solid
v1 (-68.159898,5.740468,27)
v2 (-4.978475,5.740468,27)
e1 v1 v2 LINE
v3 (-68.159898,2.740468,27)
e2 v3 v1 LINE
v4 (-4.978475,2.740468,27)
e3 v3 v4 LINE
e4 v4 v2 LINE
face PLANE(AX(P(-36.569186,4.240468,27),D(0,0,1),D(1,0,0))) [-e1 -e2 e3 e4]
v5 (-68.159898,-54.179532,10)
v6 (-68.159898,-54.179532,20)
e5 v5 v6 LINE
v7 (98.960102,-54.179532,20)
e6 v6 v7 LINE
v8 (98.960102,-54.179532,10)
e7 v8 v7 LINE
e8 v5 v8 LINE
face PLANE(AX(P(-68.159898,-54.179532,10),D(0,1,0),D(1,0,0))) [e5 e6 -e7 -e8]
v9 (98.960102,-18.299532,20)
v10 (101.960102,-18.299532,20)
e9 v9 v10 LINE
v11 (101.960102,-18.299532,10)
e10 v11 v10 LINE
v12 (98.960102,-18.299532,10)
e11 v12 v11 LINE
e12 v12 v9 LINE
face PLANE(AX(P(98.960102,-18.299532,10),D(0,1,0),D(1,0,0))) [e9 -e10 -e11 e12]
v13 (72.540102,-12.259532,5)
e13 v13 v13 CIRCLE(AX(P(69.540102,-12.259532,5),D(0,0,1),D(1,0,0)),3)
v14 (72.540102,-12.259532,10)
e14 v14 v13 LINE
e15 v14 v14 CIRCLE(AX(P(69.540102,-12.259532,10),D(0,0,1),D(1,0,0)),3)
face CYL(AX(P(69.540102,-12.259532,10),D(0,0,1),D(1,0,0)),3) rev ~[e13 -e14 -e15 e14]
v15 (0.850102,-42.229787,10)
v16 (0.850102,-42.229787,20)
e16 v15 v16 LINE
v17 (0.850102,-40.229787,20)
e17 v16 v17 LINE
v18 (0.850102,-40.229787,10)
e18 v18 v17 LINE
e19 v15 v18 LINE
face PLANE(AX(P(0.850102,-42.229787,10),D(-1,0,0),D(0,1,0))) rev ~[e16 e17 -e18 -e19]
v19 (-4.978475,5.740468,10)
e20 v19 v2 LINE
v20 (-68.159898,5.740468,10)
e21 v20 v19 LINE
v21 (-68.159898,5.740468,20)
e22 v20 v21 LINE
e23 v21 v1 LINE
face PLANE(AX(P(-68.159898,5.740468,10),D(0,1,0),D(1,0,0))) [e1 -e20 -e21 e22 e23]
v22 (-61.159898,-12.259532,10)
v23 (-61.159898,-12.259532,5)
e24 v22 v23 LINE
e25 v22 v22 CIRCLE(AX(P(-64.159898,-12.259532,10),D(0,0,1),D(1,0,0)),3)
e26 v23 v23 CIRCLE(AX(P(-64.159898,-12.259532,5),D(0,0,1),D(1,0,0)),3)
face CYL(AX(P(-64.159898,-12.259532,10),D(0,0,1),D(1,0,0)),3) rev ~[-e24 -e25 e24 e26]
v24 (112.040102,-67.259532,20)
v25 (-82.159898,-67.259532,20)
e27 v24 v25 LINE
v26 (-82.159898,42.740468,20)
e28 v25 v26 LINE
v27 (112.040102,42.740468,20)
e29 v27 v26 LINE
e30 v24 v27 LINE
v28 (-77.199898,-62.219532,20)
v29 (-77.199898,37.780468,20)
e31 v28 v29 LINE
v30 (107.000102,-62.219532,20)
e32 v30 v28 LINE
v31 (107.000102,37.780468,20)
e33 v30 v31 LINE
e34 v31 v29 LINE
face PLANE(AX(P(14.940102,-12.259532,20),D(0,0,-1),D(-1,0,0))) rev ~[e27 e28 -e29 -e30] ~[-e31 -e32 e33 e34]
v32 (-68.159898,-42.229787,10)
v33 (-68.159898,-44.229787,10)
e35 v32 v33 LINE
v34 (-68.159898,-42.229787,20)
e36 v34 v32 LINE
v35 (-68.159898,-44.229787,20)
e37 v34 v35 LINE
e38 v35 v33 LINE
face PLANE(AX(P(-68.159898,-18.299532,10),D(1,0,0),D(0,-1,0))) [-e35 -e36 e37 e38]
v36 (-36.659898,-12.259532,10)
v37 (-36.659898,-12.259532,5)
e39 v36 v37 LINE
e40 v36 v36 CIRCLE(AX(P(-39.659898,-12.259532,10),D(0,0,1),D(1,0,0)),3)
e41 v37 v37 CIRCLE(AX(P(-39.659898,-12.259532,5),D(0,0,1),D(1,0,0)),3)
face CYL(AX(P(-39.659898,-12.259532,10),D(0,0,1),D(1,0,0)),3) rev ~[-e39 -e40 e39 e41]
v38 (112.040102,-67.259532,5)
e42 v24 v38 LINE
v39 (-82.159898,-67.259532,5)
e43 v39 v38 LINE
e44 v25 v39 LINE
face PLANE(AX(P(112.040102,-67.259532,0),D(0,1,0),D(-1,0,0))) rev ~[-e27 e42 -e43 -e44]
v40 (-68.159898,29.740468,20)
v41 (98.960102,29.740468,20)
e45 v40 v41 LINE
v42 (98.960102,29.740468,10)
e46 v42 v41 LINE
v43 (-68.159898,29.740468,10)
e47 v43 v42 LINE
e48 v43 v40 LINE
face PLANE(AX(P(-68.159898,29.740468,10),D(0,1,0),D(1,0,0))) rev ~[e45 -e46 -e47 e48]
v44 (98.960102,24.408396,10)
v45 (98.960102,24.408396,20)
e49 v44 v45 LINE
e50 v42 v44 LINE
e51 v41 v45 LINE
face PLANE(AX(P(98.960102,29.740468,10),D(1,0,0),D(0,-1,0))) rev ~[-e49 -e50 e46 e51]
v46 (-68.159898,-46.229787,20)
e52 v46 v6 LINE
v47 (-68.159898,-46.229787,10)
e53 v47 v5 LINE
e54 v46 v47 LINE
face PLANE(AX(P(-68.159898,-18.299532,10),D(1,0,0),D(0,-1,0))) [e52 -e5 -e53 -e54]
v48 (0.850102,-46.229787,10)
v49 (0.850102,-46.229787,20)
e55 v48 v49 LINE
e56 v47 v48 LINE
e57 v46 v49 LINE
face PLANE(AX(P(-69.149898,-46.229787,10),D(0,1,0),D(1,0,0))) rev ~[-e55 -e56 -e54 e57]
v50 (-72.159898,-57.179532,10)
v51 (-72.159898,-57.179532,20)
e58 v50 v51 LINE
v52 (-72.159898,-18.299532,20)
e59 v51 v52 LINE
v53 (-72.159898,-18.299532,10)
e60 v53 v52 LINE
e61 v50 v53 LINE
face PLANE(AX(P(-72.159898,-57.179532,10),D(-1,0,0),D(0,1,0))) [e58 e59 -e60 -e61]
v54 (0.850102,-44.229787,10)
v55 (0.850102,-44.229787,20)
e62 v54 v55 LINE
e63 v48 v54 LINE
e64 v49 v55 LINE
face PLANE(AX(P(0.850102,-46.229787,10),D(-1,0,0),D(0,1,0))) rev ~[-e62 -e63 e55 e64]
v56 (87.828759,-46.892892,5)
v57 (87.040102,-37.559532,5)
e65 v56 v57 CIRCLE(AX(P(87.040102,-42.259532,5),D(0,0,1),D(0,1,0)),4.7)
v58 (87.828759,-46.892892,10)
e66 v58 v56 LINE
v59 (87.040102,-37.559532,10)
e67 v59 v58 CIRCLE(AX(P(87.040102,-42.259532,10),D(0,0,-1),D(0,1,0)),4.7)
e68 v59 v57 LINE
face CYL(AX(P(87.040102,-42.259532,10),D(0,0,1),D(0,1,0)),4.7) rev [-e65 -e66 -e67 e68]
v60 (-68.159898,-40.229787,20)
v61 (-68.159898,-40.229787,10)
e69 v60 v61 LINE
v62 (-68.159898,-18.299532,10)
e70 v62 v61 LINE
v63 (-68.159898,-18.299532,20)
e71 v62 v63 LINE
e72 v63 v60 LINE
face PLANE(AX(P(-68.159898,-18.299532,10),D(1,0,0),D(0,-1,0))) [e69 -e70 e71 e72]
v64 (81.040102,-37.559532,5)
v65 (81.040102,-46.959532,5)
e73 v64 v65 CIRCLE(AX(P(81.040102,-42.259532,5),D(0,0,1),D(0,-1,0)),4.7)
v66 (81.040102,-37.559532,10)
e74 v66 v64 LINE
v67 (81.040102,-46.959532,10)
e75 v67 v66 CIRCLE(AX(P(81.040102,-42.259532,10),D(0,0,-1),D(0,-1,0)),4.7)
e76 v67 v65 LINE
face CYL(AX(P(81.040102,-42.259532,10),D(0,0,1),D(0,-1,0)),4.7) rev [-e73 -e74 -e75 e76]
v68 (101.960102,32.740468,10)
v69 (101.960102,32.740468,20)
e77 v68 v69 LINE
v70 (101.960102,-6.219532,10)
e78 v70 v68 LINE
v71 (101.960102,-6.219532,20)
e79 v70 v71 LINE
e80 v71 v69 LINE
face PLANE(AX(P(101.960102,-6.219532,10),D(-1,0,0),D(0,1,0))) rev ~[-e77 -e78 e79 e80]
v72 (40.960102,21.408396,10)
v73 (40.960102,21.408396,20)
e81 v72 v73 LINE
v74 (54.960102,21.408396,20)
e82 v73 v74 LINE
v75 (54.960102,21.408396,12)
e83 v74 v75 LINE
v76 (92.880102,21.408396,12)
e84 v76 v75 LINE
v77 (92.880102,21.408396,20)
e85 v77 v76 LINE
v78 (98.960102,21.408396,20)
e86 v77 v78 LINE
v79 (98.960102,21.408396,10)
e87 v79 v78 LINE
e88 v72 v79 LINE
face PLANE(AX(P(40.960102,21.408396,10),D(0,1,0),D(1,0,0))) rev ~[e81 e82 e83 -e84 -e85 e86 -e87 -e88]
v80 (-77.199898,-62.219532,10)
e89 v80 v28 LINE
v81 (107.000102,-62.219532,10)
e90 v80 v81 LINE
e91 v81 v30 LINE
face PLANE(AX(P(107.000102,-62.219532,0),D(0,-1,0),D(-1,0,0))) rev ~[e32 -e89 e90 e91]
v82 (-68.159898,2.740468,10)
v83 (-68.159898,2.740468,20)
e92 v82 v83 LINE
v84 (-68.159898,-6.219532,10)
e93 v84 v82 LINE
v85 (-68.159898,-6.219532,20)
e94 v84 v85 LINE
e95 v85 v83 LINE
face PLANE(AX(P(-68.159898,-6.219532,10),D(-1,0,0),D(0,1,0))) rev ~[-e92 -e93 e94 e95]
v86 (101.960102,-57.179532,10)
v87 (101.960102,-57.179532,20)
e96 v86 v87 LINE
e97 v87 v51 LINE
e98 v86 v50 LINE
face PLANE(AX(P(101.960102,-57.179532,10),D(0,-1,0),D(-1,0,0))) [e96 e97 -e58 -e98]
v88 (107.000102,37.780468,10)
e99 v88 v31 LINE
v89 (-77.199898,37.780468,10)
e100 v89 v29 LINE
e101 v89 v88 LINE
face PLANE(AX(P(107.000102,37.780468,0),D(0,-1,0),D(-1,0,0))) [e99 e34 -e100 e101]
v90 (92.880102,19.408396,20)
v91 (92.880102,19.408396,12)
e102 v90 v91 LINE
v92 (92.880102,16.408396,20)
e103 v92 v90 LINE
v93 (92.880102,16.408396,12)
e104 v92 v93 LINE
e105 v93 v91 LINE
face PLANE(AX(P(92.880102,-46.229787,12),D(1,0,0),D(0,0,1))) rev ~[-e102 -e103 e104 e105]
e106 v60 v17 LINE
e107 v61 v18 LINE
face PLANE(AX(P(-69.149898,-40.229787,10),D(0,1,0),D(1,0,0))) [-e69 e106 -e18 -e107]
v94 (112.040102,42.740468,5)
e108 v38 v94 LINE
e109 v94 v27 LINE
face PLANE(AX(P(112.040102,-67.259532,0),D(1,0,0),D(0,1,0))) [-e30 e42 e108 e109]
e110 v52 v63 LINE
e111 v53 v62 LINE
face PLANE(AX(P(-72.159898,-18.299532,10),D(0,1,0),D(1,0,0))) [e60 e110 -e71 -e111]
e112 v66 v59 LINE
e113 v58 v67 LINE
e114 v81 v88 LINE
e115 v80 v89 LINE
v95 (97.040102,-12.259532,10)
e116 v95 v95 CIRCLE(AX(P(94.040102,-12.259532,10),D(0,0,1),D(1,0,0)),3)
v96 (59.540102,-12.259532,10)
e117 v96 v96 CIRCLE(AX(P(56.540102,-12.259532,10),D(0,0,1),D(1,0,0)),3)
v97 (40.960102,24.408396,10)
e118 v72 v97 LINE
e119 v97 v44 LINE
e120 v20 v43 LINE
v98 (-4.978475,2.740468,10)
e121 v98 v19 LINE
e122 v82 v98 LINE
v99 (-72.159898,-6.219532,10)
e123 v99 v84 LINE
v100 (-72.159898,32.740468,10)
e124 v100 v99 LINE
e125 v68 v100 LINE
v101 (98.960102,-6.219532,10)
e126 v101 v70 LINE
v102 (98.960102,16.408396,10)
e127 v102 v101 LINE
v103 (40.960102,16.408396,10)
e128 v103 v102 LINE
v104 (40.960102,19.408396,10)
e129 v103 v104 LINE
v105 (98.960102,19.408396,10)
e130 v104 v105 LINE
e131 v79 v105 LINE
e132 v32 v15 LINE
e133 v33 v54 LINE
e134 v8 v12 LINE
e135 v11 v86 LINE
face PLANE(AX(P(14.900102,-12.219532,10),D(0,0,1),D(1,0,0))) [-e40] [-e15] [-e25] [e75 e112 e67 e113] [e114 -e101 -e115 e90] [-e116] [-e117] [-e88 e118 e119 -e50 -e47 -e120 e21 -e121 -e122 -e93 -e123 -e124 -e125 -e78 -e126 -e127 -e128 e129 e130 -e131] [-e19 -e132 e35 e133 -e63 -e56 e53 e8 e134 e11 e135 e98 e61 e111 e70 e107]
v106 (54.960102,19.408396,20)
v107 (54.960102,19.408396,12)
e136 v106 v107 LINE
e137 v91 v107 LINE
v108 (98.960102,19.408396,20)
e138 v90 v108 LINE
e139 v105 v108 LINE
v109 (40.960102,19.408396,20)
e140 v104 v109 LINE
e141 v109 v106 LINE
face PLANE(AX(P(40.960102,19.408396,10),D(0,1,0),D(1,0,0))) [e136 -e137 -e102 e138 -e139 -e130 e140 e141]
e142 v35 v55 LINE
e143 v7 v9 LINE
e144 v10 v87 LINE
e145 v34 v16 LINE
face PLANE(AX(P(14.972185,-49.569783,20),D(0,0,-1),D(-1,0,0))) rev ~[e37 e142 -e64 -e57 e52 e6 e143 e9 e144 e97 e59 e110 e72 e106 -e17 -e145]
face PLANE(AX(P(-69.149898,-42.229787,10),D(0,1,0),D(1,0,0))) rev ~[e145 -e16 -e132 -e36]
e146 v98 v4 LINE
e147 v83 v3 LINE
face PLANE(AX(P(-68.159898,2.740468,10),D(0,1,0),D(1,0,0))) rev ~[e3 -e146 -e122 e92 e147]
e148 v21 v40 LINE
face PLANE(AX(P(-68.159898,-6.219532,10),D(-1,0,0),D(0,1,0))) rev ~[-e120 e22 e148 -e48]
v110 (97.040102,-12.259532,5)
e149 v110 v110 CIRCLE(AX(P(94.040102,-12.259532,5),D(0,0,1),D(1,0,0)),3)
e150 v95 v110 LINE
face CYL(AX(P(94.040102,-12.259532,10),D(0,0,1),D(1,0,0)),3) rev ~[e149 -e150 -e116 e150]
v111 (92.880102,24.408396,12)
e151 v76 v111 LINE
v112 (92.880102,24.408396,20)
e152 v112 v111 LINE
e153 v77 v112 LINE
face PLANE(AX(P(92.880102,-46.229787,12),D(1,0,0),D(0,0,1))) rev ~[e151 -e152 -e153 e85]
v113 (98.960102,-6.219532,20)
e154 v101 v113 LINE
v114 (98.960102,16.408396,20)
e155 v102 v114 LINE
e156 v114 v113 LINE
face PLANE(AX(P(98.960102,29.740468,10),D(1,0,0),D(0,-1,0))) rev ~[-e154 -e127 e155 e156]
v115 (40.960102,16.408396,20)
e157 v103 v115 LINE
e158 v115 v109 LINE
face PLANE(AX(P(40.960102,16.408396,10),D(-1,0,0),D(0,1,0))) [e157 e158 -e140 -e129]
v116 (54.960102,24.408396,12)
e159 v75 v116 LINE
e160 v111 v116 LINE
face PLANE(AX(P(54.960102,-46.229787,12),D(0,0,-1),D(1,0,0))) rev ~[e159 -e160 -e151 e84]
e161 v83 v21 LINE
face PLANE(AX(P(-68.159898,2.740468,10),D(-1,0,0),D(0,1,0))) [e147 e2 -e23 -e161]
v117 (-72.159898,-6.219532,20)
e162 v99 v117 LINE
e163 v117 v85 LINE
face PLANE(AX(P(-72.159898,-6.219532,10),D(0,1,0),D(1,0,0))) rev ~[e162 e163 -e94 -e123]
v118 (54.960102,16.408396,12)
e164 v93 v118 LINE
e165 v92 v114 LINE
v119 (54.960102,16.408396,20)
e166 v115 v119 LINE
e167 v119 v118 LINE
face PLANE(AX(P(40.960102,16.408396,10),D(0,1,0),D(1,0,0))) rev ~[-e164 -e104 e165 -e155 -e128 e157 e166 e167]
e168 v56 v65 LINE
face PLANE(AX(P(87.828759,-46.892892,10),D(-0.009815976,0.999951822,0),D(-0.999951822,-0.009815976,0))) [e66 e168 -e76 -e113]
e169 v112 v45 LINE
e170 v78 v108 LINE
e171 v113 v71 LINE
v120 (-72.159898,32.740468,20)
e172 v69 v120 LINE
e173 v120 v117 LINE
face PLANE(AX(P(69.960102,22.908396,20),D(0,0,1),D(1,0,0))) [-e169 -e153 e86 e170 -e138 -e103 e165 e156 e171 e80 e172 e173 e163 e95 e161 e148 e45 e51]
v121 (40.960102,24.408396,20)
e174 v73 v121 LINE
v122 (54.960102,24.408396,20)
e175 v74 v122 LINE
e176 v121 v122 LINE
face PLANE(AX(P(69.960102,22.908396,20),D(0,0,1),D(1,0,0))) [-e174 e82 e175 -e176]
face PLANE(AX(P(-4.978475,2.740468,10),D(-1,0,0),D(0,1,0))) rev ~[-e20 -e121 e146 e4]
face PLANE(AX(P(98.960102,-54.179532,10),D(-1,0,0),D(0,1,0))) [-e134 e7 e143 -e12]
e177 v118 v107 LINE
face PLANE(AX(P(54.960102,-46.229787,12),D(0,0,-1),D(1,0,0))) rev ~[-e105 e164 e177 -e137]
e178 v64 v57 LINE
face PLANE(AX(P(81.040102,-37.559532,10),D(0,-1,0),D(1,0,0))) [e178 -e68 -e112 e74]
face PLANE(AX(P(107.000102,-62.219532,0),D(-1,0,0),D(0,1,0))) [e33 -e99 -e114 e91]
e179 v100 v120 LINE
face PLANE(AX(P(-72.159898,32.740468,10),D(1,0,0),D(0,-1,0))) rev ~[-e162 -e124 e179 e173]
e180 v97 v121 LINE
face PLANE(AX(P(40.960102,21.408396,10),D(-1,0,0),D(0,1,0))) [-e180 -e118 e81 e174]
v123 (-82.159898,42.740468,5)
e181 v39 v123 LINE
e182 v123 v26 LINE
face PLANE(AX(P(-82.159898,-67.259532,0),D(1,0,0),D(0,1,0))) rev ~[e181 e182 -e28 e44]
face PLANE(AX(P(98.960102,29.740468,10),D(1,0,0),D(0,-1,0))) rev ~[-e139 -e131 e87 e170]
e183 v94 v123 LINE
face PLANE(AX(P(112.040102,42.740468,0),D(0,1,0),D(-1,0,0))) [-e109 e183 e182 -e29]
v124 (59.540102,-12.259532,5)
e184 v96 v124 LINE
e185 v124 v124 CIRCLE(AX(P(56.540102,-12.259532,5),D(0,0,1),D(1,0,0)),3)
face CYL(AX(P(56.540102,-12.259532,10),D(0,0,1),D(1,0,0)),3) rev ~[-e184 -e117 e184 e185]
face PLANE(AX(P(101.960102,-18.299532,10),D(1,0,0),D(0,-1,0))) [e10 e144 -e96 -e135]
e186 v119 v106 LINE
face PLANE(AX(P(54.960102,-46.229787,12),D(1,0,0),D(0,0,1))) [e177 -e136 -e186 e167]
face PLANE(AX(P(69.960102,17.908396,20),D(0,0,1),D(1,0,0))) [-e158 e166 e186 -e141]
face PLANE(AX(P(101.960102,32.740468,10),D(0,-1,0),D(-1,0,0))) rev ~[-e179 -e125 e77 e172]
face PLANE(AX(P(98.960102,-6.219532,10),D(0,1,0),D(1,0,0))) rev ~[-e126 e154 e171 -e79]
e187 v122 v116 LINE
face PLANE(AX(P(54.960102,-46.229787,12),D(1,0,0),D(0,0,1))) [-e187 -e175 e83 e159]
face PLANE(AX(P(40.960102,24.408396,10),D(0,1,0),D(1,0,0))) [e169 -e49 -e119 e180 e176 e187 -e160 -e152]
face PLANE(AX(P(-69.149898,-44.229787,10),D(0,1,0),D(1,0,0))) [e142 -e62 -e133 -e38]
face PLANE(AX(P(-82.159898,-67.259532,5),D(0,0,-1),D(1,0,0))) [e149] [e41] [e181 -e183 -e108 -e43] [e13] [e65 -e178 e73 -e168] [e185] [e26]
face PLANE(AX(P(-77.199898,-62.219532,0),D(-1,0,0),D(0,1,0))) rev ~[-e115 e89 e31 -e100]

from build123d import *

# Parameters (mm, degrees)
ESBO_O1_W                = 174.2
ESBO_O1_H                = 90
RESSALTO_EXTRUS_O1_DEPTH = 10
ESBO_O2_W                = 194.2
ESBO_O2_H                = 110
ESBO_O2_W_2              = 184.2
ESBO_O2_H_2              = 100
RESSALTO_EXTRUS_O2_DEPTH = 20
ESBO_O3_W                = 194.2
ESBO_O3_H                = 110
RESSALTO_EXTRUS_O3_DEPTH = 5
ESBO_O5_R                = 3
CORTE_EXTRUS_O1_DEPTH    = 20
ESBO_O6_W                = 63.181422492
ESBO_O6_H                = 3
RESSALTO_EXTRUS_O4_DEPTH = 17
ESBO_O7_W                = 70
ESBO_O7_H                = 2
ESBO_O7_W_2              = 58
ESBO_O7_H_2              = 3
RESSALTO_EXTRUS_O5_DEPTH = 10
ESBO_O10_W               = 37.92
ESBO_O10_H               = 15
CORTE_EXTRUS_O2_DEPTH    = 75
CORTE_EXTRUS_O3_DEPTH    = 20
ESBO_O13_W               = 184.2
ESBO_O13_H               = 100
ESBO_O13_W_2             = 174.2
ESBO_O13_H_2             = 90
RESSALTO_EXTRUS_O6_DEPTH = 10
RESSALTO_EXTRUS_O7_DEPTH = 10
ESBO_O17_W               = 194.2
ESBO_O17_H               = 10
CORTE_EXTRUS_O5_DEPTH    = 200


with BuildPart() as part:
    # Esboço1 → Ressalto-extrusão1 (new body)
    with BuildSketch(Plane.XY):
        with Locations((14.940102366, -12.259532062)):
            Rectangle(ESBO_O1_W, ESBO_O1_H)
    extrude(amount=RESSALTO_EXTRUS_O1_DEPTH)



with BuildPart() as body_2:
    # Esboço2 → Ressalto-extrusão2 (new body)
    with BuildSketch(Plane(origin=(0, 0, 0), x_dir=(-1, 0, 0), z_dir=(0, 0, -1))):
        with Locations((-14.940102366, -12.259532062)):
            Rectangle(ESBO_O2_W, ESBO_O2_H)
        with Locations((-14.900102366, -12.219532062)):
            Rectangle(ESBO_O2_W_2, ESBO_O2_H_2, mode=Mode.SUBTRACT)
    extrude(amount=-RESSALTO_EXTRUS_O2_DEPTH)


with BuildPart() as part_1:
    add(part.part)

    add(body_2.part)  # Ressalto-extrusão3 merges body 2
    # Esboço3 → Ressalto-extrusão3 (add)
    with BuildSketch(Plane(origin=(0, 0, 0), x_dir=(-1, 0, 0), z_dir=(0, 0, -1))):
        with Locations((-14.940102366, -12.259532062)):
            Rectangle(ESBO_O3_W, ESBO_O3_H)
    extrude(amount=RESSALTO_EXTRUS_O3_DEPTH)

    # Esboço5 → Corte-extrusão1 (cut)
    with BuildSketch(Plane.XY.offset(10)):
        with Locations((-64.159897634, -12.259532062)):
            Circle(ESBO_O5_R)
        with Locations((94.040102366, -12.259532062)):
            Circle(ESBO_O5_R)
        with Locations((-39.659897634, -12.259532062)):
            Circle(ESBO_O5_R)
        with Locations((69.540102366, -12.259532062)):
            Circle(ESBO_O5_R)
        with Locations((56.540102366, -12.259532062)):
            Circle(ESBO_O5_R)
    extrude(amount=-CORTE_EXTRUS_O1_DEPTH, mode=Mode.SUBTRACT)

    # Esboço6 → Ressalto-extrusão4 (add)
    with BuildSketch(Plane.XY.offset(10)):
        with Locations((-36.569186388, 4.240467938)):
            Rectangle(ESBO_O6_W, ESBO_O6_H)
    extrude(amount=RESSALTO_EXTRUS_O4_DEPTH)

    # Esboço7 → Ressalto-extrusão5 (add)
    with BuildSketch(Plane.XY.offset(10)):
        with Locations((-34.149897634, -41.229786606)):
            Rectangle(ESBO_O7_W, ESBO_O7_H)
        with Locations((-34.149897634, -45.229786606)):
            Rectangle(ESBO_O7_W, ESBO_O7_H)
        with Locations((69.960102366, 17.908396253)):
            Rectangle(ESBO_O7_W_2, ESBO_O7_H_2)
        with Locations((69.960102366, 22.908396253)):
            Rectangle(ESBO_O7_W_2, ESBO_O7_H_2)
    extrude(amount=RESSALTO_EXTRUS_O5_DEPTH)

    # Esboço10 → Corte-extrusão2 (cut)
    with BuildSketch(Plane.XZ.offset(46.229786606)):
        with Locations((73.920102366, 19.5)):
            Rectangle(ESBO_O10_W, ESBO_O10_H)
    extrude(amount=-CORTE_EXTRUS_O2_DEPTH, mode=Mode.SUBTRACT)

    # Esboço11 → Corte-extrusão3 (cut)
    with BuildSketch(Plane.XY.offset(10)):
        with BuildLine():
            Line((81.040102366, -37.559532062), (87.040102366, -37.559532062))
            ThreePointArc((87.040102366, -37.559532062), (91.723412608, -41.863798339), (87.828759302, -46.89289156))
            Line((87.828759302, -46.89289156), (81.040102366, -46.959532062))
            ThreePointArc((81.040102366, -46.959532062), (76.340102366, -42.259532062), (81.040102366, -37.559532062))
        make_face()
    extrude(amount=-CORTE_EXTRUS_O3_DEPTH, mode=Mode.SUBTRACT)

    # Esboço13 → Ressalto-extrusão6 (add)
    with BuildSketch(Plane.XY):
        with Locations((14.900102366, -12.219532062)):
            Rectangle(ESBO_O13_W, ESBO_O13_H)
        with Locations((14.940102366, -12.259532062)):
            Rectangle(ESBO_O13_W_2, ESBO_O13_H_2, mode=Mode.SUBTRACT)
    extrude(amount=RESSALTO_EXTRUS_O6_DEPTH)

    # Esboço14 → Ressalto-extrusão7 (add)
    with BuildSketch(Plane.XY.offset(10)):
        Polygon((101.960102366, -57.179532062), (-72.159897634, -57.179532062), (-72.159897634, -18.299532062), (-68.159897634, -18.299532062), (-68.159897634, -54.179532062), (98.960102366, -54.179532062), (98.960102366, -18.299532062), (101.960102366, -18.299532062), align=None)
        Polygon((101.960102366, 32.740467938), (-72.159897634, 32.740467938), (-72.159897634, -6.219532062), (-68.159897634, -6.219532062), (-68.159897634, 29.740467938), (98.960102366, 29.740467938), (98.960102366, -6.219532062), (101.960102366, -6.219532062), align=None)
    extrude(amount=RESSALTO_EXTRUS_O7_DEPTH)

    # Esboço17 → Corte-extrusão5 (cut)
    with BuildSketch(Plane.XZ.offset(67.259532062)):
        with Locations((14.940102366, 0)):
            Rectangle(ESBO_O17_W, ESBO_O17_H)
    extrude(amount=-CORTE_EXTRUS_O5_DEPTH, mode=Mode.SUBTRACT)


solid = part_1.part
